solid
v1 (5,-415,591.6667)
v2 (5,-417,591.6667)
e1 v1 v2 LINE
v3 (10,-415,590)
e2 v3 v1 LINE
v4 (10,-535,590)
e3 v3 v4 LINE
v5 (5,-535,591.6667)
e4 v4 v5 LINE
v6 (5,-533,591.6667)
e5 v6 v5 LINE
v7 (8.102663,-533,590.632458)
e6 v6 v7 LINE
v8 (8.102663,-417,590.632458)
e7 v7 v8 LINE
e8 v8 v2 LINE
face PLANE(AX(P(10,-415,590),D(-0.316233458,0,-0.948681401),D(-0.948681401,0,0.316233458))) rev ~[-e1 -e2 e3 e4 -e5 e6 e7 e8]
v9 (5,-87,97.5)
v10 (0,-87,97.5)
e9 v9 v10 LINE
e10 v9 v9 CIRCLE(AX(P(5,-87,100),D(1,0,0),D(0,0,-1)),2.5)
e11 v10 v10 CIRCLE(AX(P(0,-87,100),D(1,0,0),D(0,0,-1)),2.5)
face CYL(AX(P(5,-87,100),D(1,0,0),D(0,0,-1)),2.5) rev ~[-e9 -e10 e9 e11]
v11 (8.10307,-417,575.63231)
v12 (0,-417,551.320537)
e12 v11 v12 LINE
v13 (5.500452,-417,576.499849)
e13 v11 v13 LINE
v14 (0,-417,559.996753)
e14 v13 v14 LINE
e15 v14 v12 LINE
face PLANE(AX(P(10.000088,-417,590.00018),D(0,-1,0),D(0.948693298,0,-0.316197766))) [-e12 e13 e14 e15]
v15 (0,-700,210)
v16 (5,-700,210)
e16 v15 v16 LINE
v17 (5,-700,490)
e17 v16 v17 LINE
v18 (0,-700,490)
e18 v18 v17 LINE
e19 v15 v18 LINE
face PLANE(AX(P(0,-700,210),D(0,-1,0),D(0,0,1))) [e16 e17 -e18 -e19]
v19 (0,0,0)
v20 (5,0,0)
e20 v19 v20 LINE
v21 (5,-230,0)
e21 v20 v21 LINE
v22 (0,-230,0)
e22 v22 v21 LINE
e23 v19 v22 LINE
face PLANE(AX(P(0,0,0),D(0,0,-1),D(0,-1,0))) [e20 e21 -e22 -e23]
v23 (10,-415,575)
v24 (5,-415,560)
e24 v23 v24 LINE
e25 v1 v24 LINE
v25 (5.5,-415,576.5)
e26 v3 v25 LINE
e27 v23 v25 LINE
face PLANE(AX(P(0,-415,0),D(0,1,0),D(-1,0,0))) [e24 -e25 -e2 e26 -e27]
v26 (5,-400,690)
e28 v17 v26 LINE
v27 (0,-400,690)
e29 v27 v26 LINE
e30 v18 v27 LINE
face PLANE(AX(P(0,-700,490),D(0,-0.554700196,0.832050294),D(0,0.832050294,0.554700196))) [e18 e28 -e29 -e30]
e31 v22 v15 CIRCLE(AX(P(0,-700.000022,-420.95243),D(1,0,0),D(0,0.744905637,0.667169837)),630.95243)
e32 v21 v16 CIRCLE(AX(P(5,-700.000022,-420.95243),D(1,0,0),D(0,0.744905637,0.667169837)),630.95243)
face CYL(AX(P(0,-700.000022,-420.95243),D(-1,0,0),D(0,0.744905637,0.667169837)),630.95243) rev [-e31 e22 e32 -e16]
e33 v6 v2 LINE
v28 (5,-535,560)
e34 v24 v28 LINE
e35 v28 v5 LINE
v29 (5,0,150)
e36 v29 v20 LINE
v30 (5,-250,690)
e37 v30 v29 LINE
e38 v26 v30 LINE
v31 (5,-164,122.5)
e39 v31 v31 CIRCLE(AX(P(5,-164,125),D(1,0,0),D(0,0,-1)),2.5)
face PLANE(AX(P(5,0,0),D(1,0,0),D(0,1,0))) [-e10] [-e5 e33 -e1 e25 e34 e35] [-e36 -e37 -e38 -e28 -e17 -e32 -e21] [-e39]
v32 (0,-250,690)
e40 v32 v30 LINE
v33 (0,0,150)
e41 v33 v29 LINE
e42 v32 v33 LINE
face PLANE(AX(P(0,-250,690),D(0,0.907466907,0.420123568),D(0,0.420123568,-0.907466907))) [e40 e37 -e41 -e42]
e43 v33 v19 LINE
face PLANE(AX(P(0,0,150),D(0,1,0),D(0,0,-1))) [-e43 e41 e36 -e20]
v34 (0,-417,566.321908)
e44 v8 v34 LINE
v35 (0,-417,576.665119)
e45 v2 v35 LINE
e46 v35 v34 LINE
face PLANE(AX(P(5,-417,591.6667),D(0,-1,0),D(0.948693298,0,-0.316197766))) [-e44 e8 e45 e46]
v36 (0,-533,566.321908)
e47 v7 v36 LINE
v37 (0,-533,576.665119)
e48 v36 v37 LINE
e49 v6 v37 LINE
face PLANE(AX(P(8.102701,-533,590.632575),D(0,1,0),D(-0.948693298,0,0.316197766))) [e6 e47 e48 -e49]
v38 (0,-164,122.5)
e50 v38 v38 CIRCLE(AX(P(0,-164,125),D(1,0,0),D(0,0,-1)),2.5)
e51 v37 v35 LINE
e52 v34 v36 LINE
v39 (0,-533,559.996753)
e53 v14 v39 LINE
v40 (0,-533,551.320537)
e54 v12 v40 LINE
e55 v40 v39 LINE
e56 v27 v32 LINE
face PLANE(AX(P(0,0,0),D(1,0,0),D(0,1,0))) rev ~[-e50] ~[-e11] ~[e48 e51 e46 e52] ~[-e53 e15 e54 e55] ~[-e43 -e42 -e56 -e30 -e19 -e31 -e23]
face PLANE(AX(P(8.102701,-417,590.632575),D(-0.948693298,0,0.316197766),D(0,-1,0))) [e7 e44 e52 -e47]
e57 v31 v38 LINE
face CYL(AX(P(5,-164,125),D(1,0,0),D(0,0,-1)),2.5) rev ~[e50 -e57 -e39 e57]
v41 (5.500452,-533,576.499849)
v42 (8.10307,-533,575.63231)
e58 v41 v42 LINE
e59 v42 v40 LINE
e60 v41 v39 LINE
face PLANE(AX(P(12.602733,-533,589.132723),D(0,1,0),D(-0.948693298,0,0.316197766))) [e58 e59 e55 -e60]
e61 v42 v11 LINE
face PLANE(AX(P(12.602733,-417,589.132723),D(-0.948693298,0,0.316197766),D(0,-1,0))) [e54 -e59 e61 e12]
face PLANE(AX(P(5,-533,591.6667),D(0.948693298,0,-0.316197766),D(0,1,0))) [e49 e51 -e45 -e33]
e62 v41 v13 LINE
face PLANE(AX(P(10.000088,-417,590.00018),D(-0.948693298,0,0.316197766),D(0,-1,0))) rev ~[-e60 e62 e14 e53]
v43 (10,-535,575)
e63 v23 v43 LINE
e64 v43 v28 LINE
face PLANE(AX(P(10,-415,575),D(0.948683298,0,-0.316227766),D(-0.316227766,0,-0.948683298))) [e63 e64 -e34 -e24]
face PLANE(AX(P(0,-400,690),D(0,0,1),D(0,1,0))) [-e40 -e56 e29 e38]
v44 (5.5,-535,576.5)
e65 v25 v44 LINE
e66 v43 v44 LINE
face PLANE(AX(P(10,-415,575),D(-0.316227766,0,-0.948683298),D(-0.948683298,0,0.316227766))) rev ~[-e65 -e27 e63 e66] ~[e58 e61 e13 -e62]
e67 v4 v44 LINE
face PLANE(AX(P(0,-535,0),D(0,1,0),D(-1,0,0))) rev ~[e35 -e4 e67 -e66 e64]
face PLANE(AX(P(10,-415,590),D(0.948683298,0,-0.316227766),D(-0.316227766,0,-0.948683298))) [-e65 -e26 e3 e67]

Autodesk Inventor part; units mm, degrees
ref_plane "YZ Plane" through (0, 0, 0) normal (1, 0, 0) x (0, 1, 0)
ref_plane "XY Plane" through (0, 0, 0) normal (0, 0, 1) x (1, 0, 0)
sketch "スケッチ1" plane through (0, 0, 0) normal (1, 0, 0) x (0, 1, 0)
  line L0 (-700, 210) -> (-700, 490)
  line L1 (-700, 490) -> (-400, 690)
  line L2 (-400, 690) -> (-250, 690)
  line L3 (-250, 690) -> (0, 150)
  line L4 (0, 150) -> (0, 0)
  line L5 (0, 0) -> (-230, 0)
  arc A0 (-230, 0) -> (-700, 210) centre (-700, -420.9524) ccw
  dimension "d0" = 690
  dimension "d1" = 280
  dimension "d2" = 200
  dimension "d3" = 300
  dimension "d4" = 150
  dimension "d5" = 700
  dimension "d6" = 230
  dimension "d7" = 150
extrude "押し出し1" add sketch "スケッチ1" along normal blind 5
sketch "スケッチ2" plane through (5, 0, 0) normal (1, 0, 0) x (0, 0, -1)
  circle A0 centre (-100, -87) radius 2.5
  line L0 (0, 0) -> (-150, 0) projected
  line L1 (0, -230) -> (0, 0) projected
  circle A1 centre (-125, -164) radius 2.5
  dimension "d10" = 87
  dimension "d11" = 100
  dimension "d12" = 5
  dimension "d13" = 164
  dimension "d14" = 125
  dimension "d15" = 5
extrude "押し出し2" cut sketch "スケッチ2" against normal through all
ref_plane "作業平面1" through (0, -415, 0) normal (0, 1, 0) x (-1, 0, 0)
sketch "スケッチ6" plane through (0, -415, 0) normal (0, 1, 0) x (-1, 0, 0)
  line L0 (-10, 590) -> (-5, 575)
  line L1 (-10, 575) -> (-5, 560)
  line L2 (-5, 150) -> (-5, 690) projected
  line L3 (-10, 575) -> (-5.5, 576.5)
  line L4 (-10, 590) -> (-5, 591.6667)
  point P0 (0, 0)
  dimension "d48" = 15
  dimension "d55" = 15
  dimension "d56" = 15
extrude "押し出し6" add sketch "スケッチ6" against normal blind 120
sketch "スケッチ7" plane through (5, -535, 591.6667) normal (0.3162, 0, 0.9487) x (0.9487, 0, -0.3162)
  line L0 (0, 0) -> (0, 120) projected
  line L1 (0, 118) -> (3.2705, 118)
  line L2 (3.2705, 118) -> (3.2705, 2)
  line L3 (3.2705, 2) -> (0, 2)
  line L4 (0, 2) -> (0, 118)
  line L5 (5.2705, 120) -> (5.2705, 0) projected
  line L6 (5.2705, 118) -> (8.0139, 118)
  line L7 (8.0139, 118) -> (8.0139, 2)
  line L8 (8.0139, 2) -> (5.2705, 2)
  line L9 (5.2705, 2) -> (5.2705, 118)
  line L10 (5.2705, 0) -> (0, 0) projected
  line L11 (10.0139, 120) -> (10.0139, 0) projected
  line L12 (0, 120) -> (5.2705, 120) projected
  point P0 (182.358, 535)
  dimension "d57" = 2
  dimension "d58" = 2
  dimension "d59" = 2
  dimension "d60" = 2
extrude "押し出し7" cut sketch "スケッチ7" against normal through all contours L0 L1 L2 L3 | L5 L6 L7 L8
equation "\"d59\" = d58"
properties part number "end_plate" material "CFRP"
